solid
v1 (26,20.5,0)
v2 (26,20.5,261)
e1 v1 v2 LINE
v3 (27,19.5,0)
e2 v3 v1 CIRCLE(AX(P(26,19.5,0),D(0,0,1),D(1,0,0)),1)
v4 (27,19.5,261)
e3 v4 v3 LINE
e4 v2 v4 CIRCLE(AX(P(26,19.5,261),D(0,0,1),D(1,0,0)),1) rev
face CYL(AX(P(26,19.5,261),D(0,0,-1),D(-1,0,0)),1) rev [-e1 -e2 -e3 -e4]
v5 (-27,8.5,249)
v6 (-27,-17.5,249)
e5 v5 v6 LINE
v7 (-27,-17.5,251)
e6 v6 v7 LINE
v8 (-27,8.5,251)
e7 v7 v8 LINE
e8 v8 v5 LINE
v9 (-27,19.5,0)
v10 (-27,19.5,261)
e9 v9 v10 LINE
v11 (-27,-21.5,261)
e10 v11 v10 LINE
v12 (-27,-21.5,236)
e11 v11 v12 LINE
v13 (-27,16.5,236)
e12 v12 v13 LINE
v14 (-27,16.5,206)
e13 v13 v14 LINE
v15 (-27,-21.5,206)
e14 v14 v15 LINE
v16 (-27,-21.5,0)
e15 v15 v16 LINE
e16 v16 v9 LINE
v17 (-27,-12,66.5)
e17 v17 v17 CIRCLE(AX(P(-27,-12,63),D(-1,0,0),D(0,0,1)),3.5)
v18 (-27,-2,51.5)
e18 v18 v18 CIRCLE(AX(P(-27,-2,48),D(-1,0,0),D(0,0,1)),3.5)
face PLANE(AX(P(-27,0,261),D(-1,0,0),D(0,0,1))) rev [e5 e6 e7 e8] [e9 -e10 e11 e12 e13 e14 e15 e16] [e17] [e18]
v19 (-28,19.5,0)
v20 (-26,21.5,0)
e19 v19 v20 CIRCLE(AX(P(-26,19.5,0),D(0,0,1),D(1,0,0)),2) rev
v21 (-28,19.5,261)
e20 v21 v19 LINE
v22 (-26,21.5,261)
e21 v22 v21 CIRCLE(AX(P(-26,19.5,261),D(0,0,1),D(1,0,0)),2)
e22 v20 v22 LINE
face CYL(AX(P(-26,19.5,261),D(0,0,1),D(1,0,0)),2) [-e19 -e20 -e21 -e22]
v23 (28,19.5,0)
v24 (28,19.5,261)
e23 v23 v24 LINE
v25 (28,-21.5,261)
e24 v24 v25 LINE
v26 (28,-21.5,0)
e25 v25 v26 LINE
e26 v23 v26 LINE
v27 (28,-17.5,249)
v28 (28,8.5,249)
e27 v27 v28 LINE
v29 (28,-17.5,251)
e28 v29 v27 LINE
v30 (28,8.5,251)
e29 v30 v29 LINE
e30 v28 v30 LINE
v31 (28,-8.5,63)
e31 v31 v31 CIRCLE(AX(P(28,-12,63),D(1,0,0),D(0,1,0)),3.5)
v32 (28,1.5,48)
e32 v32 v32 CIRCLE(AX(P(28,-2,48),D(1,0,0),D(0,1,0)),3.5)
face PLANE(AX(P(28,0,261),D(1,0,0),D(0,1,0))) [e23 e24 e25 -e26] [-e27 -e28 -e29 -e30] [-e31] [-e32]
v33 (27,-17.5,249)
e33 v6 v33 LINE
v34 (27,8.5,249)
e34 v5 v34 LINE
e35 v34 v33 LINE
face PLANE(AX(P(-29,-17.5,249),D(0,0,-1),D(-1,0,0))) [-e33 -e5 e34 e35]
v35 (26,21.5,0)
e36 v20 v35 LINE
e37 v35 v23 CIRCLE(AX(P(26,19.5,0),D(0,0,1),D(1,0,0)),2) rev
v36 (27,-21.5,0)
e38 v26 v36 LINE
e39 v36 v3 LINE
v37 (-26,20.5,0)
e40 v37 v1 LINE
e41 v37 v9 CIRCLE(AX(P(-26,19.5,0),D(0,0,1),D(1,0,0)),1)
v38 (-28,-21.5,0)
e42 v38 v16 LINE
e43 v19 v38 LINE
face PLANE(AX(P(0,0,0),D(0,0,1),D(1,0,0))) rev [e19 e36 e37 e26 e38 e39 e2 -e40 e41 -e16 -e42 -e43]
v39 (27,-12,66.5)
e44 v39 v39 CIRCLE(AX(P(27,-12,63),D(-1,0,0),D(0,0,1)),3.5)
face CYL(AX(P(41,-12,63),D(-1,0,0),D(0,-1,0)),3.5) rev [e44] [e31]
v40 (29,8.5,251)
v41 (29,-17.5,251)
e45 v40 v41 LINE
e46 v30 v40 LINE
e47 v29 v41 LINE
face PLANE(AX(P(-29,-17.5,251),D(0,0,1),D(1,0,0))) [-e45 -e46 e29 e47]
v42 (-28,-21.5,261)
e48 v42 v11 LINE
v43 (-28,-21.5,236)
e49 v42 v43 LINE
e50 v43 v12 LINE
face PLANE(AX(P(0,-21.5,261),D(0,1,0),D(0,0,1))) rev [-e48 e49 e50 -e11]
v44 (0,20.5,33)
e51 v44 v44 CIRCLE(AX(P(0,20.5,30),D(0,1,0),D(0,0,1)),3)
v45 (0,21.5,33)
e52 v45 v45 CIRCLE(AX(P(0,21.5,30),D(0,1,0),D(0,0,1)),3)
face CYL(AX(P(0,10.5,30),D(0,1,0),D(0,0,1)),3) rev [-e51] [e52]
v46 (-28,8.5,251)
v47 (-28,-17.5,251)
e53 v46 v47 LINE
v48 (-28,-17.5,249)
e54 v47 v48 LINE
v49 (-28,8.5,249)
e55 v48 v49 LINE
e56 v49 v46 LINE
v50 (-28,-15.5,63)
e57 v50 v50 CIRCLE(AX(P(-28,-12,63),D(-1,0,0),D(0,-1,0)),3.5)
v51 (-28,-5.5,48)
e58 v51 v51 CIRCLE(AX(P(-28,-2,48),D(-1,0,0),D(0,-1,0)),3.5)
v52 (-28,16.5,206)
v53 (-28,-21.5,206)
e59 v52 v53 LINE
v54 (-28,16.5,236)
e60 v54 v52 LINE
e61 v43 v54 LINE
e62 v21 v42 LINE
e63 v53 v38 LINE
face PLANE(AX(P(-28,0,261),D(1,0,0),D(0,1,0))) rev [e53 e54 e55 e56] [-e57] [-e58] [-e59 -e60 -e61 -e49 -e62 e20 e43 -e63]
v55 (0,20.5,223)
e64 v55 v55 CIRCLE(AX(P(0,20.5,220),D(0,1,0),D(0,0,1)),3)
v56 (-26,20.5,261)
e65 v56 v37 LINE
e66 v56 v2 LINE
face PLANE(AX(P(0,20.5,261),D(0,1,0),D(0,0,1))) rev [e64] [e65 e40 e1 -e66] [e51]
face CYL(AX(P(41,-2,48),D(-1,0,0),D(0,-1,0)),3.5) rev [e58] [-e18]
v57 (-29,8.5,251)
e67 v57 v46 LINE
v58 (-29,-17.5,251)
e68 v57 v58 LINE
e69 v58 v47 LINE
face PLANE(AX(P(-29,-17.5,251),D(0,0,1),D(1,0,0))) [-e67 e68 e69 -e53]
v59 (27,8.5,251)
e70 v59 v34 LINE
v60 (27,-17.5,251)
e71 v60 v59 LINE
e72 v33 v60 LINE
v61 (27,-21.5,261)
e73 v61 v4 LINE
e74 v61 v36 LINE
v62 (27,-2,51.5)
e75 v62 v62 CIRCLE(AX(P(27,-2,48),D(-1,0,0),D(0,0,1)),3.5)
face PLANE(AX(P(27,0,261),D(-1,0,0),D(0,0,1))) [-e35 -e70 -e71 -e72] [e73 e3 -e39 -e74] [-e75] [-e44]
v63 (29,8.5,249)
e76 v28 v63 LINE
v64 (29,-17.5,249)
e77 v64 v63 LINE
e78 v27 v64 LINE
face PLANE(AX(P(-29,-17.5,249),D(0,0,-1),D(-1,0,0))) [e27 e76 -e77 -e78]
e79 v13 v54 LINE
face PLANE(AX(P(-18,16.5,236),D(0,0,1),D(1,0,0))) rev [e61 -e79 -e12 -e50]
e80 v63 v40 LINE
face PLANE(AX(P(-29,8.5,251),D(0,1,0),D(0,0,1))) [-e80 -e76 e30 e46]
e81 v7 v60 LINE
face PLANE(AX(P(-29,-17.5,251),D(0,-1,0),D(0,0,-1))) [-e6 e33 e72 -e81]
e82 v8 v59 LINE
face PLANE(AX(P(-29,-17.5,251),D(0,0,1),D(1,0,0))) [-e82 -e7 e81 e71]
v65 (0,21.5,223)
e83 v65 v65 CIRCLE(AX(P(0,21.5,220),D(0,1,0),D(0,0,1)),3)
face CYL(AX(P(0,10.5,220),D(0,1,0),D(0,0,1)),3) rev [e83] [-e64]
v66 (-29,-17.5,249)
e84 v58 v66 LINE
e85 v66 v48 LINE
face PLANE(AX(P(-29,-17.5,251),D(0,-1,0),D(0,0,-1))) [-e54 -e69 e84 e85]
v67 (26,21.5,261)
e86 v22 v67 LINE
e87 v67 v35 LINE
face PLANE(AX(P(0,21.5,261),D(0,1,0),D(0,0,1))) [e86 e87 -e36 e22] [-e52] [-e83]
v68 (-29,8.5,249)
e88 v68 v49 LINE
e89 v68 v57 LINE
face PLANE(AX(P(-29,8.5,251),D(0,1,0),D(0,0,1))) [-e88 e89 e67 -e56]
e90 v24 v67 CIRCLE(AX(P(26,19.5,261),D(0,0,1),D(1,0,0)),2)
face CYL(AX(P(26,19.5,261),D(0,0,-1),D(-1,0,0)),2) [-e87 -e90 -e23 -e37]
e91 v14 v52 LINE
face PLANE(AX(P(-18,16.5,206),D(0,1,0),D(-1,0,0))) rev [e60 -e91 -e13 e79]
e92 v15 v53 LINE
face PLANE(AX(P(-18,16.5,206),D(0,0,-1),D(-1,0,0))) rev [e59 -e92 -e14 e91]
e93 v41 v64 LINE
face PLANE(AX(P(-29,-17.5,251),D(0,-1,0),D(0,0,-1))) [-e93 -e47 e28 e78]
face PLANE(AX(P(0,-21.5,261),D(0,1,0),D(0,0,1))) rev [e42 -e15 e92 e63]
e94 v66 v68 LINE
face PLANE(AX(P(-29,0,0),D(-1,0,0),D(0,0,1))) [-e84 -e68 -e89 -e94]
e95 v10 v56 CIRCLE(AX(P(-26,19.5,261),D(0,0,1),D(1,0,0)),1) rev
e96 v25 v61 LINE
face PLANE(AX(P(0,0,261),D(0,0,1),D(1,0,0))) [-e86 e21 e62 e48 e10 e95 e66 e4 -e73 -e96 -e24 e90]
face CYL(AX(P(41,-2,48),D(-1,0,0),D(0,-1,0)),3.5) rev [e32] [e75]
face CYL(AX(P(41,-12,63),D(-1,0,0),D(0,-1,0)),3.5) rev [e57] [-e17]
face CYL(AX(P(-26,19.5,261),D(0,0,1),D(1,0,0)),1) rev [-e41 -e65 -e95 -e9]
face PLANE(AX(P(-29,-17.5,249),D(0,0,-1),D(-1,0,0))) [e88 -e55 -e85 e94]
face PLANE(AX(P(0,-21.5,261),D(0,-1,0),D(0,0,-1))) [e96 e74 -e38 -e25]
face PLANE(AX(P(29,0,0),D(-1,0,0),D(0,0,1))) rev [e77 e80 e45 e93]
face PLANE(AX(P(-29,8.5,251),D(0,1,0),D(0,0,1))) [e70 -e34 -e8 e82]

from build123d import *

# Parameters (mm, degrees)
BOSS_EXTRUDE1_DEPTH      = 261
FILLET1_R                = 2
FILLET2_R                = 1
BOSS_EXTRUDE2_DEPTH      = 56
BOSS_EXTRUDE2_DEPTH_BACK = 2
SKETCH2_W                = 2
SKETCH2_H                = 26
SKETCH3_R                = 3
CUT_EXTRUDE1_DEPTH       = 11
SKETCH4_W                = 30
SKETCH4_H                = 40
CUT_EXTRUDE2_DEPTH       = 10
SKETCH5_R                = 3.5
CUT_EXTRUDE3_DEPTH       = 69


with BuildPart() as part:
    # Sketch1 → Boss-Extrude1 (new body)
    with BuildSketch(Plane.XY):
        Polygon((27, -21.5), (27, -20.5), (27, 20.5), (-27, 20.5), (-27, -20.5), (-27, -21.5), (-28, -21.5), (-28, 21.5), (28, 21.5), (28, -21.5), align=None)
    extrude(amount=BOSS_EXTRUDE1_DEPTH)

    # Fillet1
    fillet1_edges = [part.edges().sort_by_distance(p)[0] for p in [
        (-28, 21.5, 130.5),
        (28, 21.5, 130.5),
    ]]
    fillet(fillet1_edges, radius=FILLET1_R)

    # Fillet2
    fillet2_edges = [part.edges().sort_by_distance(p)[0] for p in [
        (27, 20.5, 130.5),
        (-27, 20.5, 130.5),
    ]]
    fillet(fillet2_edges, radius=FILLET2_R)

    # Sketch2 → Boss-Extrude2 (add, two sides: drawn at the far end of the back side and taken through both)
    with BuildSketch(Plane(origin=(-27, 0, 0), x_dir=(0, 0, -1), z_dir=(1, 0, 0)).offset(-BOSS_EXTRUDE2_DEPTH_BACK)):
        with Locations((-250, -4.5)):
            Rectangle(SKETCH2_W, SKETCH2_H)
    extrude(amount=BOSS_EXTRUDE2_DEPTH + BOSS_EXTRUDE2_DEPTH_BACK)

    # Sketch3 → Cut-Extrude1 (cut)
    with BuildSketch(Plane(origin=(0, 21.5, 0), x_dir=(1, 0, 0), z_dir=(0, 1, 0))):
        with Locations(Location((0, -30, 0), (0, 0, 270))):
            Circle(SKETCH3_R)
        with Locations(Location((0, -220, 0), (0, 0, 270))):
            Circle(SKETCH3_R)
    extrude(amount=-CUT_EXTRUDE1_DEPTH, mode=Mode.SUBTRACT)

    # Sketch4 → Cut-Extrude2 (cut)
    with BuildSketch(Plane.ZY.offset(28)):
        with Locations((221, -3.5)):
            Rectangle(SKETCH4_W, SKETCH4_H)
    extrude(amount=-CUT_EXTRUDE2_DEPTH, mode=Mode.SUBTRACT)

    # Sketch5 → Cut-Extrude3 (cut)
    with BuildSketch(Plane.ZY.offset(28)):
        with Locations(Location((48, -2, 0), (0, 0, 270))):
            Circle(SKETCH5_R)
        with Locations(Location((63, -12, 0), (0, 0, 270))):
            Circle(SKETCH5_R)
    extrude(amount=-CUT_EXTRUDE3_DEPTH, mode=Mode.SUBTRACT)


solid = part.part
